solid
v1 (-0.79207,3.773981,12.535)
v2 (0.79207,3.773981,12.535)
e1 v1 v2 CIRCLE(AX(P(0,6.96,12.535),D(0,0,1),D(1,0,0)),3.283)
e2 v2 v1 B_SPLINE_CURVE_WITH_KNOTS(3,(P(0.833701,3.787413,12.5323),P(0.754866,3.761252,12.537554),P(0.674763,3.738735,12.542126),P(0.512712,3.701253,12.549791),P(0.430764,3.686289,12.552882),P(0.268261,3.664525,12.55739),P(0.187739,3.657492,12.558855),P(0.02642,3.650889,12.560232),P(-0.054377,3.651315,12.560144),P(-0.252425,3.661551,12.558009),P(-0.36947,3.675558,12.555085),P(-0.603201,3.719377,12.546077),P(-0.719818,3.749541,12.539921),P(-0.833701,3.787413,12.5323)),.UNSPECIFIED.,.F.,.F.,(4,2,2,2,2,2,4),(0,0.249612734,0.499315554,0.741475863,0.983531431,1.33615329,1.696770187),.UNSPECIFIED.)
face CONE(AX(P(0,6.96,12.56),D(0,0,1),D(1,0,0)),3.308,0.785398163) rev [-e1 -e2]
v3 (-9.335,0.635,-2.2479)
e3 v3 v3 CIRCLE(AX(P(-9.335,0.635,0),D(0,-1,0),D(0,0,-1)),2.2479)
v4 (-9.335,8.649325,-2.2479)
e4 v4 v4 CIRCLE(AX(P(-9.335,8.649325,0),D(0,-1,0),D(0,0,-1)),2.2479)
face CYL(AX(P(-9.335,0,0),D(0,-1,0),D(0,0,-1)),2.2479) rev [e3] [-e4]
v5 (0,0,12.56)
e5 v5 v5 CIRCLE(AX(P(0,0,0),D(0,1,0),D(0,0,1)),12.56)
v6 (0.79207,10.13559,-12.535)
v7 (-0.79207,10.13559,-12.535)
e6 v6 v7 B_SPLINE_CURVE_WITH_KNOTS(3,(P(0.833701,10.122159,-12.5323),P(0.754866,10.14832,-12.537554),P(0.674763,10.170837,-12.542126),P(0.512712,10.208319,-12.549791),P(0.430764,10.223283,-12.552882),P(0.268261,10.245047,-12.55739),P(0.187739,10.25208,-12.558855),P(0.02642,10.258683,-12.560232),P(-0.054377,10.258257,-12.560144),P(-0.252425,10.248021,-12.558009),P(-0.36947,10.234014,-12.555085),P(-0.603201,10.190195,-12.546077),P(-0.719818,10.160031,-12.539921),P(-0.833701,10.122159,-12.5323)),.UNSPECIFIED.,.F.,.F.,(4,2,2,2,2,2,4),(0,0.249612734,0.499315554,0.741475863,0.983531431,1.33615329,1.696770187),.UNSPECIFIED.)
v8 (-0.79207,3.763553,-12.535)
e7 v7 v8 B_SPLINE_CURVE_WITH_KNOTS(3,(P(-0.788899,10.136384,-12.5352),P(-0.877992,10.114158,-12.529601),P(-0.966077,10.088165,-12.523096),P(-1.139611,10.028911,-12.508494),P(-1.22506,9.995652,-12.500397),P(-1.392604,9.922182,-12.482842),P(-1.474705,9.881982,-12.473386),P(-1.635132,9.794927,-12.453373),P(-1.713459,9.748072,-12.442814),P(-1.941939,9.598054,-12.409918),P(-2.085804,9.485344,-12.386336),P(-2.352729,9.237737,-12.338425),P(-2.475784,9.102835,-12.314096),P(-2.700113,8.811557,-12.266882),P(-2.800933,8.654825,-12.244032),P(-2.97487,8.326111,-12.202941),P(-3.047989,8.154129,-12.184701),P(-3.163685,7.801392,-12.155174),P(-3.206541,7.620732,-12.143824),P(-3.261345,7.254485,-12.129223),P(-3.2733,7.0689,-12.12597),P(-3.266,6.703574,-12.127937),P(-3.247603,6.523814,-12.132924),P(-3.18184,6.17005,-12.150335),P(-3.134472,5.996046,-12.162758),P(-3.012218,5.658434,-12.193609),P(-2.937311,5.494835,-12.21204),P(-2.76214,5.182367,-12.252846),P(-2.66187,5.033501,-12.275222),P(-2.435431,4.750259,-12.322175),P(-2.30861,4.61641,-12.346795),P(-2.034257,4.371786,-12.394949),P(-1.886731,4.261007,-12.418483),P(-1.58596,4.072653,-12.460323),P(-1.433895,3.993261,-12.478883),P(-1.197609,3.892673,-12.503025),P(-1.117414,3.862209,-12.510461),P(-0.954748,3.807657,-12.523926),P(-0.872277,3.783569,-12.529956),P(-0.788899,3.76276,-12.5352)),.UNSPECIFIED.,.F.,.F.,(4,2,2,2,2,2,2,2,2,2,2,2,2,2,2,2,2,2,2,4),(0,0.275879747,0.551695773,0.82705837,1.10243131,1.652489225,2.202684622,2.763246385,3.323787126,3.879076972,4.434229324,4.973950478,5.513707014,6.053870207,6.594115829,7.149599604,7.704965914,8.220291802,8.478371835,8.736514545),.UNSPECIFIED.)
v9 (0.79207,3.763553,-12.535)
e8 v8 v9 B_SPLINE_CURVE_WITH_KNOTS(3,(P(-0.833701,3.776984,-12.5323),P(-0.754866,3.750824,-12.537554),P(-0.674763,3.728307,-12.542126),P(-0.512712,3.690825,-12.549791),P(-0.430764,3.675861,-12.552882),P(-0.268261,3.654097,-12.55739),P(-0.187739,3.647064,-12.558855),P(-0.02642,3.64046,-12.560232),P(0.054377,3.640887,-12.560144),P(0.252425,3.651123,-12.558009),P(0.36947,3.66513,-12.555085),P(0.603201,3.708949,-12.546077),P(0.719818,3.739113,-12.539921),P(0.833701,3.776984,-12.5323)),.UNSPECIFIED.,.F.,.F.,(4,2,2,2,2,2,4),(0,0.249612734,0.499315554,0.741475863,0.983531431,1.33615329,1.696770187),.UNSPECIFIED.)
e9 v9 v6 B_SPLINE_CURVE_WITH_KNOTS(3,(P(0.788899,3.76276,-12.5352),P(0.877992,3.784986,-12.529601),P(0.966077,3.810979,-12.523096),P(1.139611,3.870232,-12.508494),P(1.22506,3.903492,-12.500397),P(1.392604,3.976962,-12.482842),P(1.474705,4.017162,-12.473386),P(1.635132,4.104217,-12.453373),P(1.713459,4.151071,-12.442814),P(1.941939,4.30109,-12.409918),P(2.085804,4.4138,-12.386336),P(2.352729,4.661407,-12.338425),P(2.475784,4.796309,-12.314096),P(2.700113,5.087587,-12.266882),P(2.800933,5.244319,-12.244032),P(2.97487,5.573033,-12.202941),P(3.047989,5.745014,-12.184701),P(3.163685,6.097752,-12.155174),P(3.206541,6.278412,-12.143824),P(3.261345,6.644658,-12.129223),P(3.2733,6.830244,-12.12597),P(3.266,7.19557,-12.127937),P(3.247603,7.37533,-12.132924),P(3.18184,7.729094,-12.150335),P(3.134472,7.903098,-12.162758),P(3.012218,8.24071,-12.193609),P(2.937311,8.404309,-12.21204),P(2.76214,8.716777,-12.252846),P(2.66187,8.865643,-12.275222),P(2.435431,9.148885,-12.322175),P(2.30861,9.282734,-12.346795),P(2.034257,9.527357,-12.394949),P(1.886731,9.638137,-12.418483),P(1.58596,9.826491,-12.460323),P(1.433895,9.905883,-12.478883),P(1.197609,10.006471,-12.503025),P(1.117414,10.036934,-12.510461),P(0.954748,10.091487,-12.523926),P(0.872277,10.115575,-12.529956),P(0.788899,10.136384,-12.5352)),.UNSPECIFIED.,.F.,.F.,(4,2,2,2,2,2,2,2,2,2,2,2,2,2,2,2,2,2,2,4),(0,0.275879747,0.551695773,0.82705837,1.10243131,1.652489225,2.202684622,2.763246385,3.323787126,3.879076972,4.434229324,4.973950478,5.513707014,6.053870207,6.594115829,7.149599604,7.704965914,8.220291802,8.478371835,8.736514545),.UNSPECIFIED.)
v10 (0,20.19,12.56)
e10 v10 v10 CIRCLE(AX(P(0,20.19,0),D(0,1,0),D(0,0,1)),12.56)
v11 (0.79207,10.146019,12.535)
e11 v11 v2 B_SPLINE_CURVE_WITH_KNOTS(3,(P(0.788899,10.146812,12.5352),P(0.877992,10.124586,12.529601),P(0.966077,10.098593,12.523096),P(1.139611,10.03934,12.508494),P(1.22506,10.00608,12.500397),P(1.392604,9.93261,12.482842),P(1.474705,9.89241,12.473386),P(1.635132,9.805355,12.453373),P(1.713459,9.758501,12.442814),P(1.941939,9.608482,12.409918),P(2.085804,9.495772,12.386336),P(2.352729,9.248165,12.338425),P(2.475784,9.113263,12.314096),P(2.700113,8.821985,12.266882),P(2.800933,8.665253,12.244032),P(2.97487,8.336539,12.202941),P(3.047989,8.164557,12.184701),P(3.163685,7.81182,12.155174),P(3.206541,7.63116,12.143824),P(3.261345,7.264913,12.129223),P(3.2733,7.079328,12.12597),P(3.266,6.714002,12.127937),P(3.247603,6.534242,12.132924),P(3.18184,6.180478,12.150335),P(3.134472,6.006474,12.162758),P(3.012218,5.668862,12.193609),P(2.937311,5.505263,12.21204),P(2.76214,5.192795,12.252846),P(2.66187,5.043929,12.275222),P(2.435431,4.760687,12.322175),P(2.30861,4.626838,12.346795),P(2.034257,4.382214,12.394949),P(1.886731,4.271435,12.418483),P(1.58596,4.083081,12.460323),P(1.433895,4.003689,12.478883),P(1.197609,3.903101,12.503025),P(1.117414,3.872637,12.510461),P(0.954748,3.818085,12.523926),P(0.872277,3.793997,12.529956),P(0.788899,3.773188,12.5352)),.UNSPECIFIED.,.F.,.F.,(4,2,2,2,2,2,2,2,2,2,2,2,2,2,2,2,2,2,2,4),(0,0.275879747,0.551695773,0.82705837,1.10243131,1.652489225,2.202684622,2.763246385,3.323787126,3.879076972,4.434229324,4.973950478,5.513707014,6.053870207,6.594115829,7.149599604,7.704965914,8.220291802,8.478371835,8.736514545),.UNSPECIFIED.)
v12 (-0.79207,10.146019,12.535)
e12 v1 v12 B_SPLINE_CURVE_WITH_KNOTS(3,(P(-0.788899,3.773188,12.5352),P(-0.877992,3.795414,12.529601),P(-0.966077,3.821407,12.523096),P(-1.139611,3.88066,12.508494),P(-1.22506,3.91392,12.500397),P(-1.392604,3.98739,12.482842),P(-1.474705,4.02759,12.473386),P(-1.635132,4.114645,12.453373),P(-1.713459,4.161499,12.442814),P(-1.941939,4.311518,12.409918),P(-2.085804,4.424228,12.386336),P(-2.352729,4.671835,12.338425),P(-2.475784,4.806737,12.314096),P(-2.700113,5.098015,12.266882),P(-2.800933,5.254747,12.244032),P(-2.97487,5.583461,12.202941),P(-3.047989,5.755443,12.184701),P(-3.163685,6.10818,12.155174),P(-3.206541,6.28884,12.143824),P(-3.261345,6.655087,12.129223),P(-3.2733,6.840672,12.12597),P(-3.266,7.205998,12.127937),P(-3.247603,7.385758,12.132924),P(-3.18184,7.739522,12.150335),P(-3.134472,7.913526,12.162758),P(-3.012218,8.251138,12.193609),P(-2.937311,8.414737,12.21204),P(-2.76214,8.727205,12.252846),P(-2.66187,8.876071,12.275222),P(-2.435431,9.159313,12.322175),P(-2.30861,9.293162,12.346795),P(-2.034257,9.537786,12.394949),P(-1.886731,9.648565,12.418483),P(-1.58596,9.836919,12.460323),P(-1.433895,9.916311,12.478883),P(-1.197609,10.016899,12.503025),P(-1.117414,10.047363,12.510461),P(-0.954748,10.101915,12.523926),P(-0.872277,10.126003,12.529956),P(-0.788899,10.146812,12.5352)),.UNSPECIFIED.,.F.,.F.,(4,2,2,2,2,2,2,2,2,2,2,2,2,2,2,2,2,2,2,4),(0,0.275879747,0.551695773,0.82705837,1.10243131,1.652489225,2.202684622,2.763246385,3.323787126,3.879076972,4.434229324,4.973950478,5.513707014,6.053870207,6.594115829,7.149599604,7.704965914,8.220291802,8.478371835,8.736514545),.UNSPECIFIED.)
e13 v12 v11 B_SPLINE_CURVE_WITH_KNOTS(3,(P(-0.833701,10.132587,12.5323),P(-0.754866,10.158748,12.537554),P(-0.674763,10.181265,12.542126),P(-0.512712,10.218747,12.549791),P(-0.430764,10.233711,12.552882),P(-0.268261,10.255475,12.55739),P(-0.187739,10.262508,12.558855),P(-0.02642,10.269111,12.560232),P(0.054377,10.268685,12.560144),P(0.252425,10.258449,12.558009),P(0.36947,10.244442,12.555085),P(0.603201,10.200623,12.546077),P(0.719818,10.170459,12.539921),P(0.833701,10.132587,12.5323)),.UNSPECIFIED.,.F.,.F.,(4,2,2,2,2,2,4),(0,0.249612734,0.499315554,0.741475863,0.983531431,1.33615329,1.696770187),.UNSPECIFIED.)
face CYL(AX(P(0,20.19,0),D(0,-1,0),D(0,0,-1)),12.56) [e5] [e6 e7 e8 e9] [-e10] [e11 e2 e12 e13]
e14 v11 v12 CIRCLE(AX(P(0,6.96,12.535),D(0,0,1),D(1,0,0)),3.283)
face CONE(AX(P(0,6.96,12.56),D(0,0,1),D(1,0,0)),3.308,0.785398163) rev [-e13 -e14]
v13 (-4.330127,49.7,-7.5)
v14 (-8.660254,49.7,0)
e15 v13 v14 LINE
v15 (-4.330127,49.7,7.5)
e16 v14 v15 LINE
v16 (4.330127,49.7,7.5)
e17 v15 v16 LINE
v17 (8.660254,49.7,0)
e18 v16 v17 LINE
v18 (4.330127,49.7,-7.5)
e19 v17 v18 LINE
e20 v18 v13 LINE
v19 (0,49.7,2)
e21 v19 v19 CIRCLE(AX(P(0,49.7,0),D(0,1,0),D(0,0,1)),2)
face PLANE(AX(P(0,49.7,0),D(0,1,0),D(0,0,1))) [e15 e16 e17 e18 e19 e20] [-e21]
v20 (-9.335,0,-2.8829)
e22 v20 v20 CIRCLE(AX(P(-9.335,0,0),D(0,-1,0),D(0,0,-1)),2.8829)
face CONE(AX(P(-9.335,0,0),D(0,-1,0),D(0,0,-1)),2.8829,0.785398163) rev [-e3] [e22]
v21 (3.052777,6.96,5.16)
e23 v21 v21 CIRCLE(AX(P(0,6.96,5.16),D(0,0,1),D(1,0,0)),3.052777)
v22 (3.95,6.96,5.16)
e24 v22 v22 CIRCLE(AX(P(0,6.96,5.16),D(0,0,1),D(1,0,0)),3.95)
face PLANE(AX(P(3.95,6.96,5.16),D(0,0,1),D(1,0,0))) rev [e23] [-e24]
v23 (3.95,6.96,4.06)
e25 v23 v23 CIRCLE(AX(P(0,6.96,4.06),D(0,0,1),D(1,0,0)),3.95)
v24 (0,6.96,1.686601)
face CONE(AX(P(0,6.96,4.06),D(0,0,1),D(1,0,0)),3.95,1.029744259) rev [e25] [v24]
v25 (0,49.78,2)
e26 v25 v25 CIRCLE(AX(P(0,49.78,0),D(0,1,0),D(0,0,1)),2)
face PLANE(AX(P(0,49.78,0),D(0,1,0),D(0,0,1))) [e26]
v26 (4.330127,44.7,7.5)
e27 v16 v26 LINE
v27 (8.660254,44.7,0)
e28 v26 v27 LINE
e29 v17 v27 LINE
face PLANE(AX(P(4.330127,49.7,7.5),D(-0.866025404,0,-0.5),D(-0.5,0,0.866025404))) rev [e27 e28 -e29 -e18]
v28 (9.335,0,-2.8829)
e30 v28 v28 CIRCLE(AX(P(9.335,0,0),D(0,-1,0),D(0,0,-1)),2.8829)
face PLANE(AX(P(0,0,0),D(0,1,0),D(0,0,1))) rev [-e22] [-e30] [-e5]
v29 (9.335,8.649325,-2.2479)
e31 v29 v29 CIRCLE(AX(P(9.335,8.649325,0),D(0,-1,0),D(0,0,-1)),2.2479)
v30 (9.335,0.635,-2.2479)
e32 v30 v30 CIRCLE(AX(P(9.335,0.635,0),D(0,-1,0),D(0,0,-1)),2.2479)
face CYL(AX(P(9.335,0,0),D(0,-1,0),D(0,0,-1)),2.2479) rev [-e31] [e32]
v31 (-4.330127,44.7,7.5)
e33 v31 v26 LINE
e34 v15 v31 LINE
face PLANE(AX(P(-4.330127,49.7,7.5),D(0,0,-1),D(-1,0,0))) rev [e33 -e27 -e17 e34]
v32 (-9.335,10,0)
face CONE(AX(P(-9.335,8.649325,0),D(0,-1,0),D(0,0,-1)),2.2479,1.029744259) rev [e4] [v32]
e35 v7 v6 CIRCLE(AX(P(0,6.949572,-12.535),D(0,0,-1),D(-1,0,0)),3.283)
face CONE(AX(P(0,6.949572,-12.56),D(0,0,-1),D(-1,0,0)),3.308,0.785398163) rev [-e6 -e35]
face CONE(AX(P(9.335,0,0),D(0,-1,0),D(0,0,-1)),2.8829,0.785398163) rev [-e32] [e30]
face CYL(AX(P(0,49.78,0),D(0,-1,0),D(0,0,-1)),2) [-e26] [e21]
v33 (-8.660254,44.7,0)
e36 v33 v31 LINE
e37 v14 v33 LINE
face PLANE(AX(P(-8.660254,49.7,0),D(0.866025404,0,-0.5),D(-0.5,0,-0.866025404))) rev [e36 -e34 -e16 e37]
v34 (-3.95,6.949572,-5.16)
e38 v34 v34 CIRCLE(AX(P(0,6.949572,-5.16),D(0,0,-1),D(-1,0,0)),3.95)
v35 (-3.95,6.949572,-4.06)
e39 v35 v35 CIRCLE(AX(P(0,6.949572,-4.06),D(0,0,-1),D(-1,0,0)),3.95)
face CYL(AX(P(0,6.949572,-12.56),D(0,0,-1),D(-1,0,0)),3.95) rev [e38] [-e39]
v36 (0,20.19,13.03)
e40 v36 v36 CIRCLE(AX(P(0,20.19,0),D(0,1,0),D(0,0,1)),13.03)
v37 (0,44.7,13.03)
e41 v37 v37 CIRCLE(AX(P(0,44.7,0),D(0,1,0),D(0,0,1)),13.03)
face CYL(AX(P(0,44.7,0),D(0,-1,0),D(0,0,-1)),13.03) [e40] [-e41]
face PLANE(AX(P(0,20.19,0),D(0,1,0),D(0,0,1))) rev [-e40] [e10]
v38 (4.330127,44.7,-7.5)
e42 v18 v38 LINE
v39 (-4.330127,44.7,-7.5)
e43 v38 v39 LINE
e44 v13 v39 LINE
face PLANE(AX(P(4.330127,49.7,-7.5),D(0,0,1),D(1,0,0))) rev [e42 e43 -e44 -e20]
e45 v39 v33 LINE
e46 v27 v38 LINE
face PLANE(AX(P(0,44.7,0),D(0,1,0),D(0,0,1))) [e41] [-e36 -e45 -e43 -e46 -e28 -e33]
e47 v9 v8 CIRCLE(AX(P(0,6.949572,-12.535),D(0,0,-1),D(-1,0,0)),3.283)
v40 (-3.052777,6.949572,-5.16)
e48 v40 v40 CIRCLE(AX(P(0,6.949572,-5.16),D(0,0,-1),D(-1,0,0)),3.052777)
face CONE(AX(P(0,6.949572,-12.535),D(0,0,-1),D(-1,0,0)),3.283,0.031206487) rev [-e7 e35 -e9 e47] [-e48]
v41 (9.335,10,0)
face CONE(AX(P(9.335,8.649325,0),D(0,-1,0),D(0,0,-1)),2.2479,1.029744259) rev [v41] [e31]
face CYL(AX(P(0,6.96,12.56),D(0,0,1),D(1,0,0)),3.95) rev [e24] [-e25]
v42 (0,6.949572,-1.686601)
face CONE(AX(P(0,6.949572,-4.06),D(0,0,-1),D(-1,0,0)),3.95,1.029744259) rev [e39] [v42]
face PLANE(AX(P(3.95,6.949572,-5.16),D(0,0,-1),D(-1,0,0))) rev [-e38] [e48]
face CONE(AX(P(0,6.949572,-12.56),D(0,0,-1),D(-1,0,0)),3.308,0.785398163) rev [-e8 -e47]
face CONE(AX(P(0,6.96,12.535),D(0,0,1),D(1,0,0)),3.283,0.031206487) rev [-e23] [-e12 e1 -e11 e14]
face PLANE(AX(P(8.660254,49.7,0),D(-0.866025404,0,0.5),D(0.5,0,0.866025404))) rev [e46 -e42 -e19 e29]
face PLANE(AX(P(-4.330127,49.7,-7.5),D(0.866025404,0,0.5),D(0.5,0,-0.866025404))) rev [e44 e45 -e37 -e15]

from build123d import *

# Parameters (mm, degrees)
ESQUISSE1_R               = 12.56
BOSS_EXTRU_1_DEPTH        = 20.19
ESQUISSE13_R              = 2
BOSS_EXTRU_2_DEPTH        = 29.59
ESQUISSE14_R              = 13.03
BOSS_EXTRU_3_DEPTH        = 24.51
BOSS_EXTRU_4_DEPTH        = 5
D_GAGEMENT_81_D           = 4.4958
D_GAGEMENT_81_DEPTH       = 8.649325414
D_GAGEMENT_81_CSINK_D     = 5.7658
D_GAGEMENT_81_CSINK_ANGLE = 90
D_GAGEMENT_81_TIP         = 1.350674586


with BuildPart() as part:
    # Esquisse1 → Boss.-Extru.1 (new body)
    with BuildSketch(Plane(origin=(0, 0, 0), x_dir=(1, 0, 0), z_dir=(0, 1, 0))):
        Circle(ESQUISSE1_R)
    extrude(amount=BOSS_EXTRU_1_DEPTH)

    # Esquisse9 → Trou taraudé 1/8 Rc1 (revolve, cut)
    with BuildSketch(Plane(origin=(0, 6.96, 12.56), x_dir=(0, -1, 0), z_dir=(1, 0, 0))):
        Polygon((0, 0), (0, 10.873399445), (3.95, 8.5), (3.95, 7.4), (3.05277742, 7.4), (3.283, 0.025), (3.308, 0), align=None)
    revolve(axis=Axis((0, 6.96, 18.91), (0, 0, -1)), mode=Mode.SUBTRACT)

    # Esquisse12 → Trou taraudé 1/8 Rc2 (revolve, cut)
    with BuildSketch(Plane(origin=(0, 6.949571946, -12.56), x_dir=(0, 1, 0), z_dir=(1, 0, 0))):
        Polygon((0, 0), (0, 10.873399445), (3.95, 8.5), (3.95, 7.4), (3.05277742, 7.4), (3.283, 0.025), (3.308, 0), align=None)
    revolve(axis=Axis((0, 6.949571946, -18.91), (0, 0, 1)), mode=Mode.SUBTRACT)

    # Esquisse13 → Boss.-Extru.2 (add)
    with BuildSketch(Plane(origin=(0, 20.19, 0), x_dir=(1, 0, 0), z_dir=(0, 1, 0))):
        Circle(ESQUISSE13_R)
    extrude(amount=BOSS_EXTRU_2_DEPTH)

    # Esquisse14 → Boss.-Extru.3 (add)
    with BuildSketch(Plane(origin=(0, 20.19, 0), x_dir=(1, 0, 0), z_dir=(0, 1, 0))):
        Circle(ESQUISSE14_R)
    extrude(amount=BOSS_EXTRU_3_DEPTH)

    # Esquisse16 → Boss.-Extru.4 (add)
    with BuildSketch(Plane(origin=(0, 44.7, 0), x_dir=(1, 0, 0), z_dir=(0, 1, 0))):
        Polygon((8.660254038, 0), (4.330127019, 7.5), (-4.330127019, 7.5), (-8.660254038, 0), (-4.330127019, -7.5), (4.330127019, -7.5), align=None)
    extrude(amount=BOSS_EXTRU_4_DEPTH)

    # Dégagement #81
    with Locations(Plane(origin=(-9.335, 0, 0), x_dir=(0, 0, -1), z_dir=(0, -1, 0))):
        with Locations((0, 0), (0, 18.67)):
            CounterSinkHole(D_GAGEMENT_81_D / 2, D_GAGEMENT_81_CSINK_D / 2, depth=D_GAGEMENT_81_DEPTH, counter_sink_angle=D_GAGEMENT_81_CSINK_ANGLE)
            with Locations((0, 0, -(D_GAGEMENT_81_DEPTH + D_GAGEMENT_81_TIP / 2))):  # 118° drill point
                Cone(0, D_GAGEMENT_81_D / 2, D_GAGEMENT_81_TIP, mode=Mode.SUBTRACT)


solid = part.part
